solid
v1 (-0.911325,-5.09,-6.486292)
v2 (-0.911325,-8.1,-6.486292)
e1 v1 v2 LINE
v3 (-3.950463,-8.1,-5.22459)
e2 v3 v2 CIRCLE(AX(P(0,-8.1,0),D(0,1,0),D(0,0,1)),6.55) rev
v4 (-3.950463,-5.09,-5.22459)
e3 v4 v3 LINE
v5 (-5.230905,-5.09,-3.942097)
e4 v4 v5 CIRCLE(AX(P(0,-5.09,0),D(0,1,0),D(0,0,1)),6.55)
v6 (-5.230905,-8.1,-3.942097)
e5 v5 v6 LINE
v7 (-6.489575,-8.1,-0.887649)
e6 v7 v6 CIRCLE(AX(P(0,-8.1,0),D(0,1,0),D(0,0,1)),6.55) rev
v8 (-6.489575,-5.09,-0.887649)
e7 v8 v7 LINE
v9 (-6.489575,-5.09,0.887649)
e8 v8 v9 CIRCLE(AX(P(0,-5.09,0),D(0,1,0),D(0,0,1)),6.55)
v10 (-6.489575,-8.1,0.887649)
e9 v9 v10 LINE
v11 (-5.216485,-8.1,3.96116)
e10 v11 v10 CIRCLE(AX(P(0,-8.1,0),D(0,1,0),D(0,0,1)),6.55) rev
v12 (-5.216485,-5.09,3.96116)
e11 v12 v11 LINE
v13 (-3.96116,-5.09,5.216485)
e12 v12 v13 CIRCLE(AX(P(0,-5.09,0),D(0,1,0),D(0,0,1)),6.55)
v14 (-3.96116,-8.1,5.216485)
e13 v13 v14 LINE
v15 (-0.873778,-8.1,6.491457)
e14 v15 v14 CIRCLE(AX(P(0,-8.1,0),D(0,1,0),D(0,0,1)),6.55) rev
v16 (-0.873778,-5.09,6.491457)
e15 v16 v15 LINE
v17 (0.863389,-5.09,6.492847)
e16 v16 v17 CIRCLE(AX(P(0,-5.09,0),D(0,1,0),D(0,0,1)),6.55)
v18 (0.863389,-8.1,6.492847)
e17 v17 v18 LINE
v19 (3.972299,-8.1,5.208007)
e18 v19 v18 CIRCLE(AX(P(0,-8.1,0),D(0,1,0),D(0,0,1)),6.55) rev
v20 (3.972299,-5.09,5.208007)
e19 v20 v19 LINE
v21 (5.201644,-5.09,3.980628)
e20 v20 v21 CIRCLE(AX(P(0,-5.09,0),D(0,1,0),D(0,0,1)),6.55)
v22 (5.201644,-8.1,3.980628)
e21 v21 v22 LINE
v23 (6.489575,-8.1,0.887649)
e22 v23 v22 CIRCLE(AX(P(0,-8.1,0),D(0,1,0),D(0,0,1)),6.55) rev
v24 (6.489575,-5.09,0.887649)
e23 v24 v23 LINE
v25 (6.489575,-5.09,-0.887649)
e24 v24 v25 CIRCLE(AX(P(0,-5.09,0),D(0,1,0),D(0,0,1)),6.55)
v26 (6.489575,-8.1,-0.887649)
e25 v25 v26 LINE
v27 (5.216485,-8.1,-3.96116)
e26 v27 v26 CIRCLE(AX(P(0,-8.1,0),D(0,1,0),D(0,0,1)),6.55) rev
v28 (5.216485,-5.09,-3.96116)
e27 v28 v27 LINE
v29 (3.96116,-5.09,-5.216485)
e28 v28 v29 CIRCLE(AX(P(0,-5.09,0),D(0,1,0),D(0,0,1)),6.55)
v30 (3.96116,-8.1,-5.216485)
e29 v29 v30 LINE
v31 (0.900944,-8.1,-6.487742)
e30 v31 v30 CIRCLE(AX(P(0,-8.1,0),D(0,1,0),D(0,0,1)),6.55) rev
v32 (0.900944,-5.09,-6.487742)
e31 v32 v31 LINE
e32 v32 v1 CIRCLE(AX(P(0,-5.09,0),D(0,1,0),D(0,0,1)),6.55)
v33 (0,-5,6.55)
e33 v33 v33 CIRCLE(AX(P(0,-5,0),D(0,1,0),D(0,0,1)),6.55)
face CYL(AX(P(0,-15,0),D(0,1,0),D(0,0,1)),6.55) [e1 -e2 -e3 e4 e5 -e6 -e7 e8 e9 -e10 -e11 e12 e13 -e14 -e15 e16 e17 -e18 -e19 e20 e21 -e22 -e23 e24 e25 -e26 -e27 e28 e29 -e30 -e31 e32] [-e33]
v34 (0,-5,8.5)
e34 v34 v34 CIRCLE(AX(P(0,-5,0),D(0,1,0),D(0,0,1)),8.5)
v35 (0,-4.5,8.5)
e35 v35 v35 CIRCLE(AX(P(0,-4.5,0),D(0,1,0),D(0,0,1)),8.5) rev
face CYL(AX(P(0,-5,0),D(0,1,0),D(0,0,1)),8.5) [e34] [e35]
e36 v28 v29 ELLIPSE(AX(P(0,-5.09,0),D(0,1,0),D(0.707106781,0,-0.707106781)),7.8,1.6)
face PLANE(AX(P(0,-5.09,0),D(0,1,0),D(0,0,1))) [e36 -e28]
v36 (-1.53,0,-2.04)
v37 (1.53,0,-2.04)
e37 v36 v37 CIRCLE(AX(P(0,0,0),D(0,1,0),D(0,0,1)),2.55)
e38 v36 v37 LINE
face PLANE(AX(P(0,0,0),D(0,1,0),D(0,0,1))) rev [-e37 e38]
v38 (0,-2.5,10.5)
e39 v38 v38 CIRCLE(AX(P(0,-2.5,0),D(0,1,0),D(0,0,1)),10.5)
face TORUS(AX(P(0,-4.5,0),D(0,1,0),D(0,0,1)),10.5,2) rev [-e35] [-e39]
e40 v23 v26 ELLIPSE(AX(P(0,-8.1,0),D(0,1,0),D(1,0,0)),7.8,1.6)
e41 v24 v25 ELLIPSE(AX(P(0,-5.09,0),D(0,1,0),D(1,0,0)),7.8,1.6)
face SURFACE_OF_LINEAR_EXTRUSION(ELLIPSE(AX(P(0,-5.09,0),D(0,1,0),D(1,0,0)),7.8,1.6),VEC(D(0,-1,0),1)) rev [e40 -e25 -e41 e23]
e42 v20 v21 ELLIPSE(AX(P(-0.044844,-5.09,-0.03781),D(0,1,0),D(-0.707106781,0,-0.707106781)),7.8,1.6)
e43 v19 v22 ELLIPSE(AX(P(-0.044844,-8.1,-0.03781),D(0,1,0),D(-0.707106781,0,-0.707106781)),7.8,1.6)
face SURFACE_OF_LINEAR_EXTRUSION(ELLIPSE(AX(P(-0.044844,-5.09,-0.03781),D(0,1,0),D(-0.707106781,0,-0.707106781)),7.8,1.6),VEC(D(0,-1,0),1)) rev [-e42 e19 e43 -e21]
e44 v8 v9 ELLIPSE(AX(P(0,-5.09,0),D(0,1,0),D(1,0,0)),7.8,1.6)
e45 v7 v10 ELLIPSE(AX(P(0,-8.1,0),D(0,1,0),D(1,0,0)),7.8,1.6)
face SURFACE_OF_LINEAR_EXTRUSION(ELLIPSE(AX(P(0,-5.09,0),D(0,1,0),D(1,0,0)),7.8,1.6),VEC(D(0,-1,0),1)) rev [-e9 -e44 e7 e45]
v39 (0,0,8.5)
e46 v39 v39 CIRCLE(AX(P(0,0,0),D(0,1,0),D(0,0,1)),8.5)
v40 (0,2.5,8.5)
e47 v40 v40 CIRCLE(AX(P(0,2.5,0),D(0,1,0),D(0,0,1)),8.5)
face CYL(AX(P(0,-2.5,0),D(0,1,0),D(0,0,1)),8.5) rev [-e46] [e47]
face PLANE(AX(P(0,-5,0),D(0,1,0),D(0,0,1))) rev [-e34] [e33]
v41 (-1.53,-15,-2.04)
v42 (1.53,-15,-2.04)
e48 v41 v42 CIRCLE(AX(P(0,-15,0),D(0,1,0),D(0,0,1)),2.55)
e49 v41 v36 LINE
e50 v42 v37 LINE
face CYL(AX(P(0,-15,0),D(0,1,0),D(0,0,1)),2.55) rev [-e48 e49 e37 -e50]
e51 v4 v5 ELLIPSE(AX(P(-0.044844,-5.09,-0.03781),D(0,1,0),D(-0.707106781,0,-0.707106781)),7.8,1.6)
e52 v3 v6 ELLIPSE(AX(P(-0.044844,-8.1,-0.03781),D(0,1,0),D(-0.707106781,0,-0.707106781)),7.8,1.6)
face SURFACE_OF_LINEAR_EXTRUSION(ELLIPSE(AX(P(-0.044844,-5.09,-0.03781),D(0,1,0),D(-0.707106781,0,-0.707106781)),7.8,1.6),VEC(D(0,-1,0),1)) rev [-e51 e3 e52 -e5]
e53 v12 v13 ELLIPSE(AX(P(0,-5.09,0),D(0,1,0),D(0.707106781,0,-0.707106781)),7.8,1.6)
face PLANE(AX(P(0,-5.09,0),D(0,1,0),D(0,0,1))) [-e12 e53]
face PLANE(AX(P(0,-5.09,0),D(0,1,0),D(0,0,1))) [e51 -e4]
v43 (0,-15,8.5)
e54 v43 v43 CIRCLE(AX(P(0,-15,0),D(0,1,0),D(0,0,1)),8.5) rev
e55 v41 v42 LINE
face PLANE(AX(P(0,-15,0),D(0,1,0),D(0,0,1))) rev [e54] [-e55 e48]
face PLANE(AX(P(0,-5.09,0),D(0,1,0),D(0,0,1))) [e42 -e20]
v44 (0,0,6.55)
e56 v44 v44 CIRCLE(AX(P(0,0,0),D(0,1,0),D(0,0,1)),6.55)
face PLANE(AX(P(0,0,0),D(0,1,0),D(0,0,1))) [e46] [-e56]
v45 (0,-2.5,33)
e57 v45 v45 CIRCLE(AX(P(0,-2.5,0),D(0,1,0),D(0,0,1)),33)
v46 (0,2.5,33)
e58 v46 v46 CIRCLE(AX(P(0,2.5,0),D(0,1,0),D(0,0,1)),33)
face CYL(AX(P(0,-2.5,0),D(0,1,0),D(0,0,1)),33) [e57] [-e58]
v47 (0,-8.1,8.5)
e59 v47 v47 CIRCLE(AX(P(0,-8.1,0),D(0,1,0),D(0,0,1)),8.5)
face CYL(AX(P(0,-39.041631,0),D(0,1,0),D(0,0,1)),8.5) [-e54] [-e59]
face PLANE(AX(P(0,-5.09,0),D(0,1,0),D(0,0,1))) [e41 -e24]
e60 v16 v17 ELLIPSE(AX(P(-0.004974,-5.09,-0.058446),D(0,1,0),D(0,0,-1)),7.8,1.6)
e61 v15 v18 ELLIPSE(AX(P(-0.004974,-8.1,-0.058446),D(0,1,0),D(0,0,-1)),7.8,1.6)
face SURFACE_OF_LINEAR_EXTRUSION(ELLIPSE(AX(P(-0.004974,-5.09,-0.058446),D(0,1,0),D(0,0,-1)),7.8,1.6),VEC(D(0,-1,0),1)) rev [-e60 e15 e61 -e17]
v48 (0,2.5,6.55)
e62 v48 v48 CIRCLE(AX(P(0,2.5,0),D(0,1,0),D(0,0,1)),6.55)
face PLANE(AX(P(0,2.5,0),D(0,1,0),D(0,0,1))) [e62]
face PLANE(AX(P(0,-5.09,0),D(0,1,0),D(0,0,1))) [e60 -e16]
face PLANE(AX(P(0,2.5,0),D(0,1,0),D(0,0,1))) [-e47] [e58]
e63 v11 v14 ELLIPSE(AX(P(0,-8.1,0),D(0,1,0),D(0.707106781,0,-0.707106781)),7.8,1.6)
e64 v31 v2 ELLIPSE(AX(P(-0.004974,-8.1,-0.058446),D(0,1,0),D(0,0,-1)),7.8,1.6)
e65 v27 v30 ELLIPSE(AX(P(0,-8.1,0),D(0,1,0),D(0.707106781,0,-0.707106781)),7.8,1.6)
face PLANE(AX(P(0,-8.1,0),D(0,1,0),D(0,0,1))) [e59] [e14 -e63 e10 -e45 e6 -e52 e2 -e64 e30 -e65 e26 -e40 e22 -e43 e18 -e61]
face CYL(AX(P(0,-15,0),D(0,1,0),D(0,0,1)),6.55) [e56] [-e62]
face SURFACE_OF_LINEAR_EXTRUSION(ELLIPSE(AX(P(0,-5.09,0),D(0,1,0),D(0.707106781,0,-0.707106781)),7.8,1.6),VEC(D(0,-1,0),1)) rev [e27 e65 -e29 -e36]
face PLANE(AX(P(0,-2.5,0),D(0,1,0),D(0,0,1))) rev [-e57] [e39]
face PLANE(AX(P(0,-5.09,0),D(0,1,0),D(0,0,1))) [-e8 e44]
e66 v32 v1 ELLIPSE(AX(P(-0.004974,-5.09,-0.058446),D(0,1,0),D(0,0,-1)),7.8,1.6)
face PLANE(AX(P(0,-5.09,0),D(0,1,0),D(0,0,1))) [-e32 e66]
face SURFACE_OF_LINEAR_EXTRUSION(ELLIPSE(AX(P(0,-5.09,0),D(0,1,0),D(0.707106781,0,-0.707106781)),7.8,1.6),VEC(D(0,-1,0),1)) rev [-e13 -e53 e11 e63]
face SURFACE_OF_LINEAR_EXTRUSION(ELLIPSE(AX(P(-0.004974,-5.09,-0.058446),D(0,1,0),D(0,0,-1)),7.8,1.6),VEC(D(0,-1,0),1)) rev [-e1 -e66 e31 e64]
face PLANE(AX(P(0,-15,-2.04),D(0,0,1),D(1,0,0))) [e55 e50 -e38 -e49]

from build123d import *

# Parameters (mm, degrees)
BOSS_EXTRUDE1_DEPTH      = 2.5
BOSS_EXTRUDE1_DEPTH_BACK = 2.5
SKETCH1_R                = 33
SKETCH1_R_2              = 8.5
BOSS_EXTRUDE2_DEPTH      = 2.5
BOSS_EXTRUDE3_DEPTH      = 2.5
BOSS_EXTRUDE3_DEPTH_BACK = 15
SKETCH1_5_R              = 6.55
SKETCH1_6_R              = 8.5
SKETCH1_6_R_2            = 6.55
BOSS_EXTRUDE4_DEPTH      = 5
BOSS_EXTRUDE5_START      = -6.9
SKETCH2_R                = 8.5
SKETCH2_R_2              = 2.55
BOSS_EXTRUDE5_DEPTH      = 6.9
FILLET1_R                = 2
BOSS_EXTRUDE6_DEPTH      = 3.01


with BuildPart() as part:
    # Sketch1 → Boss-Extrude1 (new, two sides: drawn at the far end of the back side and taken through both)
    with BuildSketch(Plane(origin=(0, 0, 0), x_dir=(1, 0, 0), z_dir=(0, 1, 0)).offset(-BOSS_EXTRUDE1_DEPTH_BACK)):
        with Locations(Location((0, 0, 0), (0, 0, 270))):
            Circle(SKETCH1_R)
        with Locations(Location((0, 0, 0), (0, 0, 270))):
            Circle(SKETCH1_R_2, mode=Mode.SUBTRACT)
    extrude(amount=BOSS_EXTRUDE1_DEPTH + BOSS_EXTRUDE1_DEPTH_BACK)



with BuildPart() as body_2:
    # Sketch1<4> → Boss-Extrude2 (new body)
    with BuildSketch(Plane(origin=(0, 0, 0), x_dir=(1, 0, 0), z_dir=(0, 1, 0))):
        with BuildLine():
            ThreePointArc((-1.53, 2.04), (-2.41914241, -0.806380803), (0, -2.55))
            Line((0, -2.55), (0, 2.04))
            Line((0, 2.04), (-1.53, 2.04))
        make_face()
        with BuildLine():
            Line((0, 2.04), (0, -2.55))
            ThreePointArc((0, -2.55), (1.803122292, -1.803122292), (2.55, 0))
            ThreePointArc((2.55, 0), (2.280789337, 1.140394669), (1.53, 2.04))
            Line((1.53, 2.04), (0, 2.04))
        make_face()
    extrude(amount=BOSS_EXTRUDE2_DEPTH)

    # Sketch1<5> → Boss-Extrude3 (add, two sides: drawn at the far end of the back side and taken through both)
    with BuildSketch(Plane(origin=(0, 0, 0), x_dir=(1, 0, 0), z_dir=(0, 1, 0)).offset(-BOSS_EXTRUDE3_DEPTH_BACK)):
        with Locations(Location((0, 0, 0), (0, 0, 270))):
            Circle(SKETCH1_5_R)
        with BuildLine():
            Line((-1.53, 2.04), (1.53, 2.04))
            ThreePointArc((1.53, 2.04), (0, -2.55), (-1.53, 2.04))
        make_face(mode=Mode.SUBTRACT)
    extrude(amount=BOSS_EXTRUDE3_DEPTH + BOSS_EXTRUDE3_DEPTH_BACK)


with BuildPart() as part_1:
    add(part.part)

    add(body_2.part)  # Boss-Extrude4 merges body 2
    # Sketch1<6> → Boss-Extrude4 (add)
    with BuildSketch(Plane(origin=(0, 0, 0), x_dir=(1, 0, 0), z_dir=(0, 1, 0))):
        with Locations(Location((0, 0, 0), (0, 0, 270))):
            Circle(SKETCH1_6_R)
        with Locations(Location((0, 0, 0), (0, 0, 270))):
            Circle(SKETCH1_6_R_2, mode=Mode.SUBTRACT)
    extrude(amount=-BOSS_EXTRUDE4_DEPTH)

    # Sketch2 → Boss-Extrude5 (add)
    with BuildSketch(Plane(origin=(0, -8.1, 0), x_dir=(1, 0, 0), z_dir=(0, 1, 0)).offset(BOSS_EXTRUDE5_START)):
        with Locations(Location((0, 0, 0), (0, 0, 270))):
            Circle(SKETCH2_R)
        Circle(SKETCH2_R_2, mode=Mode.SUBTRACT)
    extrude(amount=BOSS_EXTRUDE5_DEPTH)

    # Fillet1
    fillet1_edges = [part_1.edges().sort_by_distance(p)[0] for p in [
        (0, -2.5, -8.5),
    ]]
    fillet(fillet1_edges, radius=FILLET1_R)

    # Sketch3 → Boss-Extrude6 (add)
    with BuildSketch(Plane(origin=(0, -8.1, 0), x_dir=(1, 0, 0), z_dir=(0, 1, 0))):
        with BuildLine():
            ThreePointArc((6.489574687, 0.887648796), (6.55, 0), (6.489574687, -0.887648796))
            add(Edge.make_bspline(
                [(6.489574687, -0.887648796), (7.8, -0.48452531), (7.8, 0)],
                knots=[5.695086191, 5.695086191, 5.695086191, 6.283185307, 6.283185307, 6.283185307], degree=2, weights=[1, 0.957078041, 1]))
            add(Edge.make_bspline(
                [(7.8, 0), (7.8, 0.48452531), (6.489574687, 0.887648796)],
                knots=[0, 0, 0, 0.588099116, 0.588099116, 0.588099116], degree=2, weights=[1, 0.957078041, 1]))
        make_face()
        with BuildLine():
            ThreePointArc((3.961159785, 5.216484751), (4.631549417, 4.631549417), (5.216484751, 3.961159785))
            add(Edge.make_bspline(
                [(5.216484751, 3.961159785), (5.858044026, 5.172821761), (5.515432893, 5.515432893)],
                knots=[5.695086191, 5.695086191, 5.695086191, 6.283185307, 6.283185307, 6.283185307], degree=2, weights=[1, 0.957078041, 1]))
            add(Edge.make_bspline(
                [(5.515432893, 5.515432893), (5.172821761, 5.858044026), (3.961159785, 5.216484751)],
                knots=[0, 0, 0, 0.588099116, 0.588099116, 0.588099116], degree=2, weights=[1, 0.957078041, 1]))
        make_face()
        with BuildLine():
            add(Edge.make_bspline(
                [(3.972298874, -5.208007456), (6.522331769, -6.529808173), (5.201644202, -3.98062779)],
                knots=[2.567584119, 2.567584119, 2.567584119, 3.715272936, 3.715272936, 3.715272936], degree=2, weights=[1, 0.839820193, 1]))
            ThreePointArc((5.201644202, -3.98062779), (4.627842164, -4.635253704), (3.972298874, -5.208007456))
        make_face()
        with BuildLine():
            ThreePointArc((-0.911324659, 6.486292267), (-0.00524075, 6.549997903), (0.900943942, 6.487742289))
            add(Edge.make_bspline(
                [(0.900943942, 6.487742289), (0.491618387, 7.85844559), (-0.004973928, 7.85844559)],
                knots=[5.681298558, 5.681298558, 5.681298558, 6.283185307, 6.283185307, 6.283185307], degree=2, weights=[1, 0.955057278, 1]))
            add(Edge.make_bspline(
                [(-0.004973928, 7.85844559), (-0.501854156, 7.85844559), (-0.911324659, 6.486292267)],
                knots=[0, 0, 0, 0.602215002, 0.602215002, 0.602215002], degree=2, weights=[1, 0.955008614, 1]))
        make_face()
        with BuildLine():
            add(Edge.make_bspline(
                [(-0.873777918, -6.491456859), (-0.005286616, -9.229256662), (0.863388985, -6.492846792)],
                knots=[2.567584119, 2.567584119, 2.567584119, 3.715272936, 3.715272936, 3.715272936], degree=2, weights=[1, 0.839820193, 1]))
            ThreePointArc((0.863388985, -6.492846792), (-0.00524075, -6.549997903), (-0.873777918, -6.491456859))
        make_face()
        with BuildLine():
            ThreePointArc((-5.230905092, 3.9420974), (-4.635253704, 4.627842164), (-3.950462996, 5.224590138))
            add(Edge.make_bspline(
                [(-3.950462996, 5.224590138), (-5.209133471, 5.904386861), (-5.560277264, 5.553243068)],
                knots=[5.681298558, 5.681298558, 5.681298558, 6.283185307, 6.283185307, 6.283185307], degree=2, weights=[1, 0.955057278, 1]))
            add(Edge.make_bspline(
                [(-5.560277264, 5.553243068), (-5.911624643, 5.201895689), (-5.230905092, 3.9420974)],
                knots=[0, 0, 0, 0.602215002, 0.602215002, 0.602215002], degree=2, weights=[1, 0.955008614, 1]))
        make_face()
        with BuildLine():
            add(Edge.make_bspline(
                [(-5.216484751, -3.961159785), (-6.629151931, -6.629151931), (-3.961159785, -5.216484751)],
                knots=[2.553493537, 2.553493537, 2.553493537, 3.72969177, 3.72969177, 3.72969177], degree=2, weights=[1, 0.831996755, 1]))
            ThreePointArc((-3.961159785, -5.216484751), (-4.631549417, -4.631549417), (-5.216484751, -3.961159785))
        make_face()
        with BuildLine():
            ThreePointArc((-6.489574687, -0.887648796), (-6.55, 0), (-6.489574687, 0.887648796))
            add(Edge.make_bspline(
                [(-6.489574687, 0.887648796), (-9.375036568, 0), (-6.489574687, -0.887648796)],
                knots=[2.553493537, 2.553493537, 2.553493537, 3.72969177, 3.72969177, 3.72969177], degree=2, weights=[1, 0.831996755, 1]))
        make_face()
    extrude(amount=BOSS_EXTRUDE6_DEPTH)


solid = part_1.part
